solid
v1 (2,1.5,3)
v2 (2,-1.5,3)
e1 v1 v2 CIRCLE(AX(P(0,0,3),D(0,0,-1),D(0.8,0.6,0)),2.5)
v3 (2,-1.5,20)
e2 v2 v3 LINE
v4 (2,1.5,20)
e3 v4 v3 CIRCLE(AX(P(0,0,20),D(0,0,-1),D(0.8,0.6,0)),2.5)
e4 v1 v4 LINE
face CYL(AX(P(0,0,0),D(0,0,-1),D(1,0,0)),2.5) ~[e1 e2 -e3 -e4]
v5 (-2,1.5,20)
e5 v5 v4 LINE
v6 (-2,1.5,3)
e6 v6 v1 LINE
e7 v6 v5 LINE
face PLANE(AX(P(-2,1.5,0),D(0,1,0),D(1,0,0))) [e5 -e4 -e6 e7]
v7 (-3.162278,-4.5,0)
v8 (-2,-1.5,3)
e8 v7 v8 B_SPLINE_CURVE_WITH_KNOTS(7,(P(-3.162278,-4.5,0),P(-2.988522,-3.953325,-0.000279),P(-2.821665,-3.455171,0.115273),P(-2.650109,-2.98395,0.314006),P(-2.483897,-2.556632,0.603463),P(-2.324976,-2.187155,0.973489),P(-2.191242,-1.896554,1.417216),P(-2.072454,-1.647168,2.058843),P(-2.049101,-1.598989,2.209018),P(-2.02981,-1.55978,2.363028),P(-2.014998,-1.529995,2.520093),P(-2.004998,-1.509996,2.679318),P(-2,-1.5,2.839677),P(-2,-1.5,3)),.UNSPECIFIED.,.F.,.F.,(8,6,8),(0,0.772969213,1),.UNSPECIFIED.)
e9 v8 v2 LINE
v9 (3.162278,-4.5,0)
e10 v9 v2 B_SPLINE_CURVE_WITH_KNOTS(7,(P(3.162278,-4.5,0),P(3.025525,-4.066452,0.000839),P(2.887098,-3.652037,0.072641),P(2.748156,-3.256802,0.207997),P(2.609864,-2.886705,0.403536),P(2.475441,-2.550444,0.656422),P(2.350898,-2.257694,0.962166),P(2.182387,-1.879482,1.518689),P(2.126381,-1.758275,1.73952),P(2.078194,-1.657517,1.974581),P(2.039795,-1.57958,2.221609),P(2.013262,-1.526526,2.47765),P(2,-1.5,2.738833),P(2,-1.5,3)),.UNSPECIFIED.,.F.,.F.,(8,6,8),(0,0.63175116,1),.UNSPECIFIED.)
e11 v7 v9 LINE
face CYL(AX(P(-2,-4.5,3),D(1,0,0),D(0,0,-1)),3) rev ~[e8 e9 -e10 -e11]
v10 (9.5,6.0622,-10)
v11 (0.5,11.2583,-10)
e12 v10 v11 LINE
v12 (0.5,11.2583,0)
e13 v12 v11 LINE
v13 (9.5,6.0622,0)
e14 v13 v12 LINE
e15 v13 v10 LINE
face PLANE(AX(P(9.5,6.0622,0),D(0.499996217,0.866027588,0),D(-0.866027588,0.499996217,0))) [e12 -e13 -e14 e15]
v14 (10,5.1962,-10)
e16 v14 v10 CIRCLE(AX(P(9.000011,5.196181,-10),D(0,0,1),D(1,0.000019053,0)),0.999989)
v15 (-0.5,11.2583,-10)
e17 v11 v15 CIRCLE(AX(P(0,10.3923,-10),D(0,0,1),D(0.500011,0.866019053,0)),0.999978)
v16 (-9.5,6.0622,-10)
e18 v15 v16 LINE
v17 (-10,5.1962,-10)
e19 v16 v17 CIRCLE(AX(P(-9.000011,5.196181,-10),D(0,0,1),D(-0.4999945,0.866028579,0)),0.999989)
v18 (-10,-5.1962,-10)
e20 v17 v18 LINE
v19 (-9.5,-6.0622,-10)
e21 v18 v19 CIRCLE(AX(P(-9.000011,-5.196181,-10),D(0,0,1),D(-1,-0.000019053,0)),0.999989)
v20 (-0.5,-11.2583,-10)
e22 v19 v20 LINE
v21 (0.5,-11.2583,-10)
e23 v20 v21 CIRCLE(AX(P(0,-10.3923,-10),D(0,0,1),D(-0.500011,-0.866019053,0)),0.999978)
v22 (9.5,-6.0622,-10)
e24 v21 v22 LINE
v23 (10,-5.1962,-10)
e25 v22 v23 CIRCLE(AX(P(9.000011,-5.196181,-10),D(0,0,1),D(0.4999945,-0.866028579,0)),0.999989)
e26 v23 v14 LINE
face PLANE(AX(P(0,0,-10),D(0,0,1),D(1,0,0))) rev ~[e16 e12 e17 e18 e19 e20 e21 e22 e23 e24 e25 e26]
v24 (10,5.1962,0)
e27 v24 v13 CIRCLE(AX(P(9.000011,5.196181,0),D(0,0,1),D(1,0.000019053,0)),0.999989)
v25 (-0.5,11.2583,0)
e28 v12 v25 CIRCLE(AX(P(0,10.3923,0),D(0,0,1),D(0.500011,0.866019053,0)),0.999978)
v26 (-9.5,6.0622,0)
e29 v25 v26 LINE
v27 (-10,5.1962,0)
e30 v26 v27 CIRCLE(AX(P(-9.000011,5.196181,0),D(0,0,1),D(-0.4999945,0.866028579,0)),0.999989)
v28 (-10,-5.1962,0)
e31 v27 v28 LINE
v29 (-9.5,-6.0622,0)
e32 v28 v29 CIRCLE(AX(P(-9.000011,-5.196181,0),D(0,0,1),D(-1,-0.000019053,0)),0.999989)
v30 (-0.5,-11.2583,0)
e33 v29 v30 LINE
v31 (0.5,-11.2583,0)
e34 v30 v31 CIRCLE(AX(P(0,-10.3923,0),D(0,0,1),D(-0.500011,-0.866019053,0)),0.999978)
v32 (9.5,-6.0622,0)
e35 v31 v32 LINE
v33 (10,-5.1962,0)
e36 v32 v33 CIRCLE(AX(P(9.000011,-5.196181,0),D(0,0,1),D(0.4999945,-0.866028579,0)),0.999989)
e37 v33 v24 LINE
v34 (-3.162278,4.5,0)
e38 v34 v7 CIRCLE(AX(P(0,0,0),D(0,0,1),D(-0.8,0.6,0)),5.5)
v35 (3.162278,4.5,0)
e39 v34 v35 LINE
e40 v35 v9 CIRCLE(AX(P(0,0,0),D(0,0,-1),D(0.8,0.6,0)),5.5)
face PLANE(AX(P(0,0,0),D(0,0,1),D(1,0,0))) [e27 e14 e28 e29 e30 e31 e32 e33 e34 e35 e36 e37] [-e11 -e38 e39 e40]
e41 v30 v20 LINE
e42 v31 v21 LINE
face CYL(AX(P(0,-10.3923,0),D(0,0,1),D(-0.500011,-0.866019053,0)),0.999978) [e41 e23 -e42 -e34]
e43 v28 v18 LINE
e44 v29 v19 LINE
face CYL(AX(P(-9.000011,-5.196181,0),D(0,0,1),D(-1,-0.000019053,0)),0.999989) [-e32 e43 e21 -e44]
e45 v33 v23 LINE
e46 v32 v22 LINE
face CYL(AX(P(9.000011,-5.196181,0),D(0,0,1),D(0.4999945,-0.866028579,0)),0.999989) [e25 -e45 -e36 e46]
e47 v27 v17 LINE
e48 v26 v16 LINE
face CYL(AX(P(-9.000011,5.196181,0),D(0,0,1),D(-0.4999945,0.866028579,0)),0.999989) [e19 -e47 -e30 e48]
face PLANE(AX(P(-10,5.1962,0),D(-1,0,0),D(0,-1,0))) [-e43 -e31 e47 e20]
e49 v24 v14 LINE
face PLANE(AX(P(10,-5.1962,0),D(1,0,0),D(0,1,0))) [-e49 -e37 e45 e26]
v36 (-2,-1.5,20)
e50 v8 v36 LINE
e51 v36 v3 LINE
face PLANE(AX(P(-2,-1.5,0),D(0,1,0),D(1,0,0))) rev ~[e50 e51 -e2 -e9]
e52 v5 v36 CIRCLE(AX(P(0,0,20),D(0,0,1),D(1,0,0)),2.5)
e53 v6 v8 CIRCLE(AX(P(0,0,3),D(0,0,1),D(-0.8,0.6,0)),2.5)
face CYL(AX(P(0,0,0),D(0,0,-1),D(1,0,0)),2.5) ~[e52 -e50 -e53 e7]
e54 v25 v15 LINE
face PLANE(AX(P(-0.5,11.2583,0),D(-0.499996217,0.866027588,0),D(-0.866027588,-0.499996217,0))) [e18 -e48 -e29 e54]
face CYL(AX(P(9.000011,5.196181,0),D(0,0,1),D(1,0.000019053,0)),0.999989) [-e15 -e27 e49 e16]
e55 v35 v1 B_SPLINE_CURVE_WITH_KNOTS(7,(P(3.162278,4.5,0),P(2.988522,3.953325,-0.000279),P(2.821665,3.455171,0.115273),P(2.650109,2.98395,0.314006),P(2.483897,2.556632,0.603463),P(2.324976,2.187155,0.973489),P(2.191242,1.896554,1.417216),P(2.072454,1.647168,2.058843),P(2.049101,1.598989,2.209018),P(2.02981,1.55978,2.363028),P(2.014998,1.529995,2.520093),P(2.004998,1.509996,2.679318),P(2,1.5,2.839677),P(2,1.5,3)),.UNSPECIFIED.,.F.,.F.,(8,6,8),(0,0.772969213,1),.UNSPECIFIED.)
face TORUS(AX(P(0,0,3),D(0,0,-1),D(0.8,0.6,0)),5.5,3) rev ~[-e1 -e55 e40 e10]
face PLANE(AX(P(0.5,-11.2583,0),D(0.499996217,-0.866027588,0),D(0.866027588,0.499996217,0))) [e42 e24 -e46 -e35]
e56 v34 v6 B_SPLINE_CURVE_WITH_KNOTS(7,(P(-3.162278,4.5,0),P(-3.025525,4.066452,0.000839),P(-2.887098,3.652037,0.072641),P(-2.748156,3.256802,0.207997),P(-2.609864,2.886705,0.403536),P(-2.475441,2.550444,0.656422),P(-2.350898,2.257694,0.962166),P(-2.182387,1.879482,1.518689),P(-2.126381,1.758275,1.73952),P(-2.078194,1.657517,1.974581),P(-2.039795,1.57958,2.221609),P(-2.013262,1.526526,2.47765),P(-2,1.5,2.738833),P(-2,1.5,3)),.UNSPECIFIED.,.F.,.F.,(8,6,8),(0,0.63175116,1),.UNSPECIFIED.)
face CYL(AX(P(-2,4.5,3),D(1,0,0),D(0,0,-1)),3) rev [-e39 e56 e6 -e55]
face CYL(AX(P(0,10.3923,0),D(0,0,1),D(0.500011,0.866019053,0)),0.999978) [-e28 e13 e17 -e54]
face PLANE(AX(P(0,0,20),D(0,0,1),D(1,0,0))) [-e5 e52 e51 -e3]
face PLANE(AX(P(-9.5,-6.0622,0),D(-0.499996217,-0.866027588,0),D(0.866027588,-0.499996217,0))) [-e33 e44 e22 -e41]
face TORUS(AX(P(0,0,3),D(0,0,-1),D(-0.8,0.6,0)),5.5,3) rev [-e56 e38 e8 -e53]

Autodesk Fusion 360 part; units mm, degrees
sketch "Boceto1" plane through (0, 0, 0) normal (0, 0, 1) x (1, 0, 0)
  circle A0 centre (0, 0) radius 2.5
  line L0 (9.5, 6.0622) -> (0.5, 11.2583)
  line L1 (-0.5, 11.2583) -> (-9.5, 6.0622)
  line L2 (-10, 5.1962) -> (-10, -5.1962)
  line L3 (-9.5, -6.0622) -> (-0.5, -11.2583)
  line L4 (0.5, -11.2583) -> (9.5, -6.0622)
  line L5 (10, -5.1962) -> (10, 5.1962)
  line L6 (-2, 1.5) -> (2, 1.5)
  line L7 (-2, -1.5) -> (2, -1.5)
  arc A1 (-9.5, 6.0622) -> (-10, 5.1962) centre (-9, 5.1962) ccw
  arc A2 (0.5, 11.2583) -> (-0.5, 11.2583) centre (0, 10.3923) ccw
  arc A3 (10, 5.1962) -> (9.5, 6.0622) centre (9, 5.1962) ccw
  arc A4 (9.5, -6.0622) -> (10, -5.1962) centre (9, -5.1962) ccw
  arc A5 (-0.5, -11.2583) -> (0.5, -11.2583) centre (0, -10.3923) ccw
  arc A6 (-10, -5.1962) -> (-9.5, -6.0622) centre (-9, -5.1962) ccw
  dimension "d1" = 3
  dimension "d2" = 1.5
  dimension "d3" = 5
  dimension "d4" = 20
  dimension "d11" = 1
  dimension "d12" = 10
  dimension "d13" = 10
  dimension "d14" = 10
extrude "Extruir1" add sketch "Boceto1" along normal blind 20 contours A0 L6 L7
extrude "Extruir2" add sketch "Boceto1" against normal blind 10 contours A0 L6 L7 | A0 L6 | A0 L7 | L0 L1 L2 L3 L4 L5 A1 A2 A3 A4 A5 A6
fillet "Empalme1" radius 3 4 edges at (2.5, 0, 0) (0, -1.5, 0) (0, 1.5, 0) (-2.5, 0, 0)
equation "d2 = d1 / 2"
equation "d12 = d4 / 2"
